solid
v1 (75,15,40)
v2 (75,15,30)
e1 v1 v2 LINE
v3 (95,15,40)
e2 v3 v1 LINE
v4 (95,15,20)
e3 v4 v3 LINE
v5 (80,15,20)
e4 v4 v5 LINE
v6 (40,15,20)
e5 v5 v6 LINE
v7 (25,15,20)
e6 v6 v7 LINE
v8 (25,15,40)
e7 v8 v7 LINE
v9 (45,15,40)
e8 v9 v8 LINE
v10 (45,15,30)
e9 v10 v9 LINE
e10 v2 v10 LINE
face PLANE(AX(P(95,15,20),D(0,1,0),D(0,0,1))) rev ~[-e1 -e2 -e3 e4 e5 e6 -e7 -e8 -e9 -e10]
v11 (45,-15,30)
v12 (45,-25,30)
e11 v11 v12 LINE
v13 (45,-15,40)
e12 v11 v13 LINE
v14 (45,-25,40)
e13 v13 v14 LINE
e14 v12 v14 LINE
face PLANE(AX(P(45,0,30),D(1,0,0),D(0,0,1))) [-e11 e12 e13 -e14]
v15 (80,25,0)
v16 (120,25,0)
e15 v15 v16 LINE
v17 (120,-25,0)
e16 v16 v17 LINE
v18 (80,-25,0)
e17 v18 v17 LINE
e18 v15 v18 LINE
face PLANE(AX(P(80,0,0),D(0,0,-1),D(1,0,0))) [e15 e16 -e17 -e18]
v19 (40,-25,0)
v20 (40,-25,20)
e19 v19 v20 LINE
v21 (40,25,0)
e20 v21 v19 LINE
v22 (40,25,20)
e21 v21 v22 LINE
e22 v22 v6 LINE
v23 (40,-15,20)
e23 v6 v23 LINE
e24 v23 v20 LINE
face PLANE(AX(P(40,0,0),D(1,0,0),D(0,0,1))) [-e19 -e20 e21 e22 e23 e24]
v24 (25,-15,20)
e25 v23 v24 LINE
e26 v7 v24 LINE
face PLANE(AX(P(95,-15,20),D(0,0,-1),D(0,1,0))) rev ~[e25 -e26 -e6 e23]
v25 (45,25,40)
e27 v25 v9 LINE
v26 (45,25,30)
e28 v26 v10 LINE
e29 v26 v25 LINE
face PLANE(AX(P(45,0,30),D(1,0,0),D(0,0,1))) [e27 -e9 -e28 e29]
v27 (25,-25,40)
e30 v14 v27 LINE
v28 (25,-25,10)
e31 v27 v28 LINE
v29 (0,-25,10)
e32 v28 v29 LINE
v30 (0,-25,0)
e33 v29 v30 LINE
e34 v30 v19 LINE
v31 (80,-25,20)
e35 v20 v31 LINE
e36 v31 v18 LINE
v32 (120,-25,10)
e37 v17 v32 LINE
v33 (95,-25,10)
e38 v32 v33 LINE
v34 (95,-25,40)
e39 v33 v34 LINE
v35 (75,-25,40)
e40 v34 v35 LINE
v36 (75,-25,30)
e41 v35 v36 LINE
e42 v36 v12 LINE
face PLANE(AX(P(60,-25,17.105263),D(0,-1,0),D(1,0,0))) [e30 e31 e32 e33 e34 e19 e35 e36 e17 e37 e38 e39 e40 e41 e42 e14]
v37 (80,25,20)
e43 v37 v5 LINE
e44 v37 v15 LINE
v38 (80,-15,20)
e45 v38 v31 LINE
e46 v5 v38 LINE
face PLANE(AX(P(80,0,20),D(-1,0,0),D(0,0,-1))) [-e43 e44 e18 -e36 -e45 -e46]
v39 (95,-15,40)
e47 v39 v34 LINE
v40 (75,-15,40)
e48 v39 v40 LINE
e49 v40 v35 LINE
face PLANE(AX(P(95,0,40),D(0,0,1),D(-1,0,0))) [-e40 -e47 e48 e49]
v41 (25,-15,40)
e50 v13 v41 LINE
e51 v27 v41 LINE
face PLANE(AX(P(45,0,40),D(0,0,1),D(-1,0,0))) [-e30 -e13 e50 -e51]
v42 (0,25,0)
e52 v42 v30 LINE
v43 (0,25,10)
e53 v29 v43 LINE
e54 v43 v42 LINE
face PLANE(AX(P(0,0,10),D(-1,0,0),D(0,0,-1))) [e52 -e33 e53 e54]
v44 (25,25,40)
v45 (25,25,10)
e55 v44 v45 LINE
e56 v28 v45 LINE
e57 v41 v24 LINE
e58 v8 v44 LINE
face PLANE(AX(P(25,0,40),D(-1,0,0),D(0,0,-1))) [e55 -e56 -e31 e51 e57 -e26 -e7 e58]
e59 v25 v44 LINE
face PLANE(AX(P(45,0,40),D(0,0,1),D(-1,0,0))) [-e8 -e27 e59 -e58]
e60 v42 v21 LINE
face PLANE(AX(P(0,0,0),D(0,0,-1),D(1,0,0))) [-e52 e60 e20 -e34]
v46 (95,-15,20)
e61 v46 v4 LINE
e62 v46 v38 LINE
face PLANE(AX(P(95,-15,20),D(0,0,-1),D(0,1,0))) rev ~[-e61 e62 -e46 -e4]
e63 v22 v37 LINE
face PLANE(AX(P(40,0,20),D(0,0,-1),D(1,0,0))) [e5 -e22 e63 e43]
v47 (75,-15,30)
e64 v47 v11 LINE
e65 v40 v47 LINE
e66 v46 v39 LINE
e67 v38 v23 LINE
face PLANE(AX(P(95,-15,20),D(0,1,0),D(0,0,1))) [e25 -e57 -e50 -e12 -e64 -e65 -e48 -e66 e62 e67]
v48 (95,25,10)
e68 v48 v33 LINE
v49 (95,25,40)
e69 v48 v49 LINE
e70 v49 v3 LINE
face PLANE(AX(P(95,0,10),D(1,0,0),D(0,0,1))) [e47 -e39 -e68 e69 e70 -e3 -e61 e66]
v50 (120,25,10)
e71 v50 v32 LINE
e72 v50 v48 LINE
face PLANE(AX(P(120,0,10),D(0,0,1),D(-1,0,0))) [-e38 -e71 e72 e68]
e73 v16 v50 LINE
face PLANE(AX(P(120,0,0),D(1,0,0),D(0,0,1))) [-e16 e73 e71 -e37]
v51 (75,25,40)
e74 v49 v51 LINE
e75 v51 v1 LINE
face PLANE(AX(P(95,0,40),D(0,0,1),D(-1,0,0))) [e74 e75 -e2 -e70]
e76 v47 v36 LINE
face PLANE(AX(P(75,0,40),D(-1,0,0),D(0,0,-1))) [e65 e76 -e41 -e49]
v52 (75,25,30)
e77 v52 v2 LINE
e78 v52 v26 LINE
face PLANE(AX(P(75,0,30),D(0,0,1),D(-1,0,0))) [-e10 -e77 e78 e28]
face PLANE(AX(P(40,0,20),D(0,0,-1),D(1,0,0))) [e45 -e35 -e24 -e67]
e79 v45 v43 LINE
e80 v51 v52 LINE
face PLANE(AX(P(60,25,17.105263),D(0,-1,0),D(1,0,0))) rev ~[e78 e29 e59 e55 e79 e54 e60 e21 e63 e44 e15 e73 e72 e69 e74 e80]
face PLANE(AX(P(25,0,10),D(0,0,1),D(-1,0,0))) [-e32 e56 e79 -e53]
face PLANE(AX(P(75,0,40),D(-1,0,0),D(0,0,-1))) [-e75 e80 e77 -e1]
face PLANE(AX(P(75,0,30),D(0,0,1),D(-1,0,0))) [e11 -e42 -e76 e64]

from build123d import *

# Parameters (mm, degrees)
F1_DEPTH = 25
F2_W     = 30
F2_H     = 20
F3_DEPTH = 95.001


with BuildPart() as f1:
    # F0 (on Front) → F1 (new body, symmetric)
    with BuildSketch(Plane.XZ):
        Polygon((0, 10), (0, 0), (40, 0), (40, 20), (80, 20), (80, 0), (120, 0), (120, 10), (95, 10), (95, 40), (75, 40), (75, 30), (45, 30), (45, 40), (25, 40), (25, 10), align=None)
    extrude(amount=F1_DEPTH, both=True)

    # F2 (on face) → F3 (cut, through all)
    with BuildSketch(Plane.YZ.offset(95)):
        with Locations((0, 30)):
            Rectangle(F2_W, F2_H)
    extrude(amount=-F3_DEPTH, mode=Mode.SUBTRACT)


solid = f1.part
